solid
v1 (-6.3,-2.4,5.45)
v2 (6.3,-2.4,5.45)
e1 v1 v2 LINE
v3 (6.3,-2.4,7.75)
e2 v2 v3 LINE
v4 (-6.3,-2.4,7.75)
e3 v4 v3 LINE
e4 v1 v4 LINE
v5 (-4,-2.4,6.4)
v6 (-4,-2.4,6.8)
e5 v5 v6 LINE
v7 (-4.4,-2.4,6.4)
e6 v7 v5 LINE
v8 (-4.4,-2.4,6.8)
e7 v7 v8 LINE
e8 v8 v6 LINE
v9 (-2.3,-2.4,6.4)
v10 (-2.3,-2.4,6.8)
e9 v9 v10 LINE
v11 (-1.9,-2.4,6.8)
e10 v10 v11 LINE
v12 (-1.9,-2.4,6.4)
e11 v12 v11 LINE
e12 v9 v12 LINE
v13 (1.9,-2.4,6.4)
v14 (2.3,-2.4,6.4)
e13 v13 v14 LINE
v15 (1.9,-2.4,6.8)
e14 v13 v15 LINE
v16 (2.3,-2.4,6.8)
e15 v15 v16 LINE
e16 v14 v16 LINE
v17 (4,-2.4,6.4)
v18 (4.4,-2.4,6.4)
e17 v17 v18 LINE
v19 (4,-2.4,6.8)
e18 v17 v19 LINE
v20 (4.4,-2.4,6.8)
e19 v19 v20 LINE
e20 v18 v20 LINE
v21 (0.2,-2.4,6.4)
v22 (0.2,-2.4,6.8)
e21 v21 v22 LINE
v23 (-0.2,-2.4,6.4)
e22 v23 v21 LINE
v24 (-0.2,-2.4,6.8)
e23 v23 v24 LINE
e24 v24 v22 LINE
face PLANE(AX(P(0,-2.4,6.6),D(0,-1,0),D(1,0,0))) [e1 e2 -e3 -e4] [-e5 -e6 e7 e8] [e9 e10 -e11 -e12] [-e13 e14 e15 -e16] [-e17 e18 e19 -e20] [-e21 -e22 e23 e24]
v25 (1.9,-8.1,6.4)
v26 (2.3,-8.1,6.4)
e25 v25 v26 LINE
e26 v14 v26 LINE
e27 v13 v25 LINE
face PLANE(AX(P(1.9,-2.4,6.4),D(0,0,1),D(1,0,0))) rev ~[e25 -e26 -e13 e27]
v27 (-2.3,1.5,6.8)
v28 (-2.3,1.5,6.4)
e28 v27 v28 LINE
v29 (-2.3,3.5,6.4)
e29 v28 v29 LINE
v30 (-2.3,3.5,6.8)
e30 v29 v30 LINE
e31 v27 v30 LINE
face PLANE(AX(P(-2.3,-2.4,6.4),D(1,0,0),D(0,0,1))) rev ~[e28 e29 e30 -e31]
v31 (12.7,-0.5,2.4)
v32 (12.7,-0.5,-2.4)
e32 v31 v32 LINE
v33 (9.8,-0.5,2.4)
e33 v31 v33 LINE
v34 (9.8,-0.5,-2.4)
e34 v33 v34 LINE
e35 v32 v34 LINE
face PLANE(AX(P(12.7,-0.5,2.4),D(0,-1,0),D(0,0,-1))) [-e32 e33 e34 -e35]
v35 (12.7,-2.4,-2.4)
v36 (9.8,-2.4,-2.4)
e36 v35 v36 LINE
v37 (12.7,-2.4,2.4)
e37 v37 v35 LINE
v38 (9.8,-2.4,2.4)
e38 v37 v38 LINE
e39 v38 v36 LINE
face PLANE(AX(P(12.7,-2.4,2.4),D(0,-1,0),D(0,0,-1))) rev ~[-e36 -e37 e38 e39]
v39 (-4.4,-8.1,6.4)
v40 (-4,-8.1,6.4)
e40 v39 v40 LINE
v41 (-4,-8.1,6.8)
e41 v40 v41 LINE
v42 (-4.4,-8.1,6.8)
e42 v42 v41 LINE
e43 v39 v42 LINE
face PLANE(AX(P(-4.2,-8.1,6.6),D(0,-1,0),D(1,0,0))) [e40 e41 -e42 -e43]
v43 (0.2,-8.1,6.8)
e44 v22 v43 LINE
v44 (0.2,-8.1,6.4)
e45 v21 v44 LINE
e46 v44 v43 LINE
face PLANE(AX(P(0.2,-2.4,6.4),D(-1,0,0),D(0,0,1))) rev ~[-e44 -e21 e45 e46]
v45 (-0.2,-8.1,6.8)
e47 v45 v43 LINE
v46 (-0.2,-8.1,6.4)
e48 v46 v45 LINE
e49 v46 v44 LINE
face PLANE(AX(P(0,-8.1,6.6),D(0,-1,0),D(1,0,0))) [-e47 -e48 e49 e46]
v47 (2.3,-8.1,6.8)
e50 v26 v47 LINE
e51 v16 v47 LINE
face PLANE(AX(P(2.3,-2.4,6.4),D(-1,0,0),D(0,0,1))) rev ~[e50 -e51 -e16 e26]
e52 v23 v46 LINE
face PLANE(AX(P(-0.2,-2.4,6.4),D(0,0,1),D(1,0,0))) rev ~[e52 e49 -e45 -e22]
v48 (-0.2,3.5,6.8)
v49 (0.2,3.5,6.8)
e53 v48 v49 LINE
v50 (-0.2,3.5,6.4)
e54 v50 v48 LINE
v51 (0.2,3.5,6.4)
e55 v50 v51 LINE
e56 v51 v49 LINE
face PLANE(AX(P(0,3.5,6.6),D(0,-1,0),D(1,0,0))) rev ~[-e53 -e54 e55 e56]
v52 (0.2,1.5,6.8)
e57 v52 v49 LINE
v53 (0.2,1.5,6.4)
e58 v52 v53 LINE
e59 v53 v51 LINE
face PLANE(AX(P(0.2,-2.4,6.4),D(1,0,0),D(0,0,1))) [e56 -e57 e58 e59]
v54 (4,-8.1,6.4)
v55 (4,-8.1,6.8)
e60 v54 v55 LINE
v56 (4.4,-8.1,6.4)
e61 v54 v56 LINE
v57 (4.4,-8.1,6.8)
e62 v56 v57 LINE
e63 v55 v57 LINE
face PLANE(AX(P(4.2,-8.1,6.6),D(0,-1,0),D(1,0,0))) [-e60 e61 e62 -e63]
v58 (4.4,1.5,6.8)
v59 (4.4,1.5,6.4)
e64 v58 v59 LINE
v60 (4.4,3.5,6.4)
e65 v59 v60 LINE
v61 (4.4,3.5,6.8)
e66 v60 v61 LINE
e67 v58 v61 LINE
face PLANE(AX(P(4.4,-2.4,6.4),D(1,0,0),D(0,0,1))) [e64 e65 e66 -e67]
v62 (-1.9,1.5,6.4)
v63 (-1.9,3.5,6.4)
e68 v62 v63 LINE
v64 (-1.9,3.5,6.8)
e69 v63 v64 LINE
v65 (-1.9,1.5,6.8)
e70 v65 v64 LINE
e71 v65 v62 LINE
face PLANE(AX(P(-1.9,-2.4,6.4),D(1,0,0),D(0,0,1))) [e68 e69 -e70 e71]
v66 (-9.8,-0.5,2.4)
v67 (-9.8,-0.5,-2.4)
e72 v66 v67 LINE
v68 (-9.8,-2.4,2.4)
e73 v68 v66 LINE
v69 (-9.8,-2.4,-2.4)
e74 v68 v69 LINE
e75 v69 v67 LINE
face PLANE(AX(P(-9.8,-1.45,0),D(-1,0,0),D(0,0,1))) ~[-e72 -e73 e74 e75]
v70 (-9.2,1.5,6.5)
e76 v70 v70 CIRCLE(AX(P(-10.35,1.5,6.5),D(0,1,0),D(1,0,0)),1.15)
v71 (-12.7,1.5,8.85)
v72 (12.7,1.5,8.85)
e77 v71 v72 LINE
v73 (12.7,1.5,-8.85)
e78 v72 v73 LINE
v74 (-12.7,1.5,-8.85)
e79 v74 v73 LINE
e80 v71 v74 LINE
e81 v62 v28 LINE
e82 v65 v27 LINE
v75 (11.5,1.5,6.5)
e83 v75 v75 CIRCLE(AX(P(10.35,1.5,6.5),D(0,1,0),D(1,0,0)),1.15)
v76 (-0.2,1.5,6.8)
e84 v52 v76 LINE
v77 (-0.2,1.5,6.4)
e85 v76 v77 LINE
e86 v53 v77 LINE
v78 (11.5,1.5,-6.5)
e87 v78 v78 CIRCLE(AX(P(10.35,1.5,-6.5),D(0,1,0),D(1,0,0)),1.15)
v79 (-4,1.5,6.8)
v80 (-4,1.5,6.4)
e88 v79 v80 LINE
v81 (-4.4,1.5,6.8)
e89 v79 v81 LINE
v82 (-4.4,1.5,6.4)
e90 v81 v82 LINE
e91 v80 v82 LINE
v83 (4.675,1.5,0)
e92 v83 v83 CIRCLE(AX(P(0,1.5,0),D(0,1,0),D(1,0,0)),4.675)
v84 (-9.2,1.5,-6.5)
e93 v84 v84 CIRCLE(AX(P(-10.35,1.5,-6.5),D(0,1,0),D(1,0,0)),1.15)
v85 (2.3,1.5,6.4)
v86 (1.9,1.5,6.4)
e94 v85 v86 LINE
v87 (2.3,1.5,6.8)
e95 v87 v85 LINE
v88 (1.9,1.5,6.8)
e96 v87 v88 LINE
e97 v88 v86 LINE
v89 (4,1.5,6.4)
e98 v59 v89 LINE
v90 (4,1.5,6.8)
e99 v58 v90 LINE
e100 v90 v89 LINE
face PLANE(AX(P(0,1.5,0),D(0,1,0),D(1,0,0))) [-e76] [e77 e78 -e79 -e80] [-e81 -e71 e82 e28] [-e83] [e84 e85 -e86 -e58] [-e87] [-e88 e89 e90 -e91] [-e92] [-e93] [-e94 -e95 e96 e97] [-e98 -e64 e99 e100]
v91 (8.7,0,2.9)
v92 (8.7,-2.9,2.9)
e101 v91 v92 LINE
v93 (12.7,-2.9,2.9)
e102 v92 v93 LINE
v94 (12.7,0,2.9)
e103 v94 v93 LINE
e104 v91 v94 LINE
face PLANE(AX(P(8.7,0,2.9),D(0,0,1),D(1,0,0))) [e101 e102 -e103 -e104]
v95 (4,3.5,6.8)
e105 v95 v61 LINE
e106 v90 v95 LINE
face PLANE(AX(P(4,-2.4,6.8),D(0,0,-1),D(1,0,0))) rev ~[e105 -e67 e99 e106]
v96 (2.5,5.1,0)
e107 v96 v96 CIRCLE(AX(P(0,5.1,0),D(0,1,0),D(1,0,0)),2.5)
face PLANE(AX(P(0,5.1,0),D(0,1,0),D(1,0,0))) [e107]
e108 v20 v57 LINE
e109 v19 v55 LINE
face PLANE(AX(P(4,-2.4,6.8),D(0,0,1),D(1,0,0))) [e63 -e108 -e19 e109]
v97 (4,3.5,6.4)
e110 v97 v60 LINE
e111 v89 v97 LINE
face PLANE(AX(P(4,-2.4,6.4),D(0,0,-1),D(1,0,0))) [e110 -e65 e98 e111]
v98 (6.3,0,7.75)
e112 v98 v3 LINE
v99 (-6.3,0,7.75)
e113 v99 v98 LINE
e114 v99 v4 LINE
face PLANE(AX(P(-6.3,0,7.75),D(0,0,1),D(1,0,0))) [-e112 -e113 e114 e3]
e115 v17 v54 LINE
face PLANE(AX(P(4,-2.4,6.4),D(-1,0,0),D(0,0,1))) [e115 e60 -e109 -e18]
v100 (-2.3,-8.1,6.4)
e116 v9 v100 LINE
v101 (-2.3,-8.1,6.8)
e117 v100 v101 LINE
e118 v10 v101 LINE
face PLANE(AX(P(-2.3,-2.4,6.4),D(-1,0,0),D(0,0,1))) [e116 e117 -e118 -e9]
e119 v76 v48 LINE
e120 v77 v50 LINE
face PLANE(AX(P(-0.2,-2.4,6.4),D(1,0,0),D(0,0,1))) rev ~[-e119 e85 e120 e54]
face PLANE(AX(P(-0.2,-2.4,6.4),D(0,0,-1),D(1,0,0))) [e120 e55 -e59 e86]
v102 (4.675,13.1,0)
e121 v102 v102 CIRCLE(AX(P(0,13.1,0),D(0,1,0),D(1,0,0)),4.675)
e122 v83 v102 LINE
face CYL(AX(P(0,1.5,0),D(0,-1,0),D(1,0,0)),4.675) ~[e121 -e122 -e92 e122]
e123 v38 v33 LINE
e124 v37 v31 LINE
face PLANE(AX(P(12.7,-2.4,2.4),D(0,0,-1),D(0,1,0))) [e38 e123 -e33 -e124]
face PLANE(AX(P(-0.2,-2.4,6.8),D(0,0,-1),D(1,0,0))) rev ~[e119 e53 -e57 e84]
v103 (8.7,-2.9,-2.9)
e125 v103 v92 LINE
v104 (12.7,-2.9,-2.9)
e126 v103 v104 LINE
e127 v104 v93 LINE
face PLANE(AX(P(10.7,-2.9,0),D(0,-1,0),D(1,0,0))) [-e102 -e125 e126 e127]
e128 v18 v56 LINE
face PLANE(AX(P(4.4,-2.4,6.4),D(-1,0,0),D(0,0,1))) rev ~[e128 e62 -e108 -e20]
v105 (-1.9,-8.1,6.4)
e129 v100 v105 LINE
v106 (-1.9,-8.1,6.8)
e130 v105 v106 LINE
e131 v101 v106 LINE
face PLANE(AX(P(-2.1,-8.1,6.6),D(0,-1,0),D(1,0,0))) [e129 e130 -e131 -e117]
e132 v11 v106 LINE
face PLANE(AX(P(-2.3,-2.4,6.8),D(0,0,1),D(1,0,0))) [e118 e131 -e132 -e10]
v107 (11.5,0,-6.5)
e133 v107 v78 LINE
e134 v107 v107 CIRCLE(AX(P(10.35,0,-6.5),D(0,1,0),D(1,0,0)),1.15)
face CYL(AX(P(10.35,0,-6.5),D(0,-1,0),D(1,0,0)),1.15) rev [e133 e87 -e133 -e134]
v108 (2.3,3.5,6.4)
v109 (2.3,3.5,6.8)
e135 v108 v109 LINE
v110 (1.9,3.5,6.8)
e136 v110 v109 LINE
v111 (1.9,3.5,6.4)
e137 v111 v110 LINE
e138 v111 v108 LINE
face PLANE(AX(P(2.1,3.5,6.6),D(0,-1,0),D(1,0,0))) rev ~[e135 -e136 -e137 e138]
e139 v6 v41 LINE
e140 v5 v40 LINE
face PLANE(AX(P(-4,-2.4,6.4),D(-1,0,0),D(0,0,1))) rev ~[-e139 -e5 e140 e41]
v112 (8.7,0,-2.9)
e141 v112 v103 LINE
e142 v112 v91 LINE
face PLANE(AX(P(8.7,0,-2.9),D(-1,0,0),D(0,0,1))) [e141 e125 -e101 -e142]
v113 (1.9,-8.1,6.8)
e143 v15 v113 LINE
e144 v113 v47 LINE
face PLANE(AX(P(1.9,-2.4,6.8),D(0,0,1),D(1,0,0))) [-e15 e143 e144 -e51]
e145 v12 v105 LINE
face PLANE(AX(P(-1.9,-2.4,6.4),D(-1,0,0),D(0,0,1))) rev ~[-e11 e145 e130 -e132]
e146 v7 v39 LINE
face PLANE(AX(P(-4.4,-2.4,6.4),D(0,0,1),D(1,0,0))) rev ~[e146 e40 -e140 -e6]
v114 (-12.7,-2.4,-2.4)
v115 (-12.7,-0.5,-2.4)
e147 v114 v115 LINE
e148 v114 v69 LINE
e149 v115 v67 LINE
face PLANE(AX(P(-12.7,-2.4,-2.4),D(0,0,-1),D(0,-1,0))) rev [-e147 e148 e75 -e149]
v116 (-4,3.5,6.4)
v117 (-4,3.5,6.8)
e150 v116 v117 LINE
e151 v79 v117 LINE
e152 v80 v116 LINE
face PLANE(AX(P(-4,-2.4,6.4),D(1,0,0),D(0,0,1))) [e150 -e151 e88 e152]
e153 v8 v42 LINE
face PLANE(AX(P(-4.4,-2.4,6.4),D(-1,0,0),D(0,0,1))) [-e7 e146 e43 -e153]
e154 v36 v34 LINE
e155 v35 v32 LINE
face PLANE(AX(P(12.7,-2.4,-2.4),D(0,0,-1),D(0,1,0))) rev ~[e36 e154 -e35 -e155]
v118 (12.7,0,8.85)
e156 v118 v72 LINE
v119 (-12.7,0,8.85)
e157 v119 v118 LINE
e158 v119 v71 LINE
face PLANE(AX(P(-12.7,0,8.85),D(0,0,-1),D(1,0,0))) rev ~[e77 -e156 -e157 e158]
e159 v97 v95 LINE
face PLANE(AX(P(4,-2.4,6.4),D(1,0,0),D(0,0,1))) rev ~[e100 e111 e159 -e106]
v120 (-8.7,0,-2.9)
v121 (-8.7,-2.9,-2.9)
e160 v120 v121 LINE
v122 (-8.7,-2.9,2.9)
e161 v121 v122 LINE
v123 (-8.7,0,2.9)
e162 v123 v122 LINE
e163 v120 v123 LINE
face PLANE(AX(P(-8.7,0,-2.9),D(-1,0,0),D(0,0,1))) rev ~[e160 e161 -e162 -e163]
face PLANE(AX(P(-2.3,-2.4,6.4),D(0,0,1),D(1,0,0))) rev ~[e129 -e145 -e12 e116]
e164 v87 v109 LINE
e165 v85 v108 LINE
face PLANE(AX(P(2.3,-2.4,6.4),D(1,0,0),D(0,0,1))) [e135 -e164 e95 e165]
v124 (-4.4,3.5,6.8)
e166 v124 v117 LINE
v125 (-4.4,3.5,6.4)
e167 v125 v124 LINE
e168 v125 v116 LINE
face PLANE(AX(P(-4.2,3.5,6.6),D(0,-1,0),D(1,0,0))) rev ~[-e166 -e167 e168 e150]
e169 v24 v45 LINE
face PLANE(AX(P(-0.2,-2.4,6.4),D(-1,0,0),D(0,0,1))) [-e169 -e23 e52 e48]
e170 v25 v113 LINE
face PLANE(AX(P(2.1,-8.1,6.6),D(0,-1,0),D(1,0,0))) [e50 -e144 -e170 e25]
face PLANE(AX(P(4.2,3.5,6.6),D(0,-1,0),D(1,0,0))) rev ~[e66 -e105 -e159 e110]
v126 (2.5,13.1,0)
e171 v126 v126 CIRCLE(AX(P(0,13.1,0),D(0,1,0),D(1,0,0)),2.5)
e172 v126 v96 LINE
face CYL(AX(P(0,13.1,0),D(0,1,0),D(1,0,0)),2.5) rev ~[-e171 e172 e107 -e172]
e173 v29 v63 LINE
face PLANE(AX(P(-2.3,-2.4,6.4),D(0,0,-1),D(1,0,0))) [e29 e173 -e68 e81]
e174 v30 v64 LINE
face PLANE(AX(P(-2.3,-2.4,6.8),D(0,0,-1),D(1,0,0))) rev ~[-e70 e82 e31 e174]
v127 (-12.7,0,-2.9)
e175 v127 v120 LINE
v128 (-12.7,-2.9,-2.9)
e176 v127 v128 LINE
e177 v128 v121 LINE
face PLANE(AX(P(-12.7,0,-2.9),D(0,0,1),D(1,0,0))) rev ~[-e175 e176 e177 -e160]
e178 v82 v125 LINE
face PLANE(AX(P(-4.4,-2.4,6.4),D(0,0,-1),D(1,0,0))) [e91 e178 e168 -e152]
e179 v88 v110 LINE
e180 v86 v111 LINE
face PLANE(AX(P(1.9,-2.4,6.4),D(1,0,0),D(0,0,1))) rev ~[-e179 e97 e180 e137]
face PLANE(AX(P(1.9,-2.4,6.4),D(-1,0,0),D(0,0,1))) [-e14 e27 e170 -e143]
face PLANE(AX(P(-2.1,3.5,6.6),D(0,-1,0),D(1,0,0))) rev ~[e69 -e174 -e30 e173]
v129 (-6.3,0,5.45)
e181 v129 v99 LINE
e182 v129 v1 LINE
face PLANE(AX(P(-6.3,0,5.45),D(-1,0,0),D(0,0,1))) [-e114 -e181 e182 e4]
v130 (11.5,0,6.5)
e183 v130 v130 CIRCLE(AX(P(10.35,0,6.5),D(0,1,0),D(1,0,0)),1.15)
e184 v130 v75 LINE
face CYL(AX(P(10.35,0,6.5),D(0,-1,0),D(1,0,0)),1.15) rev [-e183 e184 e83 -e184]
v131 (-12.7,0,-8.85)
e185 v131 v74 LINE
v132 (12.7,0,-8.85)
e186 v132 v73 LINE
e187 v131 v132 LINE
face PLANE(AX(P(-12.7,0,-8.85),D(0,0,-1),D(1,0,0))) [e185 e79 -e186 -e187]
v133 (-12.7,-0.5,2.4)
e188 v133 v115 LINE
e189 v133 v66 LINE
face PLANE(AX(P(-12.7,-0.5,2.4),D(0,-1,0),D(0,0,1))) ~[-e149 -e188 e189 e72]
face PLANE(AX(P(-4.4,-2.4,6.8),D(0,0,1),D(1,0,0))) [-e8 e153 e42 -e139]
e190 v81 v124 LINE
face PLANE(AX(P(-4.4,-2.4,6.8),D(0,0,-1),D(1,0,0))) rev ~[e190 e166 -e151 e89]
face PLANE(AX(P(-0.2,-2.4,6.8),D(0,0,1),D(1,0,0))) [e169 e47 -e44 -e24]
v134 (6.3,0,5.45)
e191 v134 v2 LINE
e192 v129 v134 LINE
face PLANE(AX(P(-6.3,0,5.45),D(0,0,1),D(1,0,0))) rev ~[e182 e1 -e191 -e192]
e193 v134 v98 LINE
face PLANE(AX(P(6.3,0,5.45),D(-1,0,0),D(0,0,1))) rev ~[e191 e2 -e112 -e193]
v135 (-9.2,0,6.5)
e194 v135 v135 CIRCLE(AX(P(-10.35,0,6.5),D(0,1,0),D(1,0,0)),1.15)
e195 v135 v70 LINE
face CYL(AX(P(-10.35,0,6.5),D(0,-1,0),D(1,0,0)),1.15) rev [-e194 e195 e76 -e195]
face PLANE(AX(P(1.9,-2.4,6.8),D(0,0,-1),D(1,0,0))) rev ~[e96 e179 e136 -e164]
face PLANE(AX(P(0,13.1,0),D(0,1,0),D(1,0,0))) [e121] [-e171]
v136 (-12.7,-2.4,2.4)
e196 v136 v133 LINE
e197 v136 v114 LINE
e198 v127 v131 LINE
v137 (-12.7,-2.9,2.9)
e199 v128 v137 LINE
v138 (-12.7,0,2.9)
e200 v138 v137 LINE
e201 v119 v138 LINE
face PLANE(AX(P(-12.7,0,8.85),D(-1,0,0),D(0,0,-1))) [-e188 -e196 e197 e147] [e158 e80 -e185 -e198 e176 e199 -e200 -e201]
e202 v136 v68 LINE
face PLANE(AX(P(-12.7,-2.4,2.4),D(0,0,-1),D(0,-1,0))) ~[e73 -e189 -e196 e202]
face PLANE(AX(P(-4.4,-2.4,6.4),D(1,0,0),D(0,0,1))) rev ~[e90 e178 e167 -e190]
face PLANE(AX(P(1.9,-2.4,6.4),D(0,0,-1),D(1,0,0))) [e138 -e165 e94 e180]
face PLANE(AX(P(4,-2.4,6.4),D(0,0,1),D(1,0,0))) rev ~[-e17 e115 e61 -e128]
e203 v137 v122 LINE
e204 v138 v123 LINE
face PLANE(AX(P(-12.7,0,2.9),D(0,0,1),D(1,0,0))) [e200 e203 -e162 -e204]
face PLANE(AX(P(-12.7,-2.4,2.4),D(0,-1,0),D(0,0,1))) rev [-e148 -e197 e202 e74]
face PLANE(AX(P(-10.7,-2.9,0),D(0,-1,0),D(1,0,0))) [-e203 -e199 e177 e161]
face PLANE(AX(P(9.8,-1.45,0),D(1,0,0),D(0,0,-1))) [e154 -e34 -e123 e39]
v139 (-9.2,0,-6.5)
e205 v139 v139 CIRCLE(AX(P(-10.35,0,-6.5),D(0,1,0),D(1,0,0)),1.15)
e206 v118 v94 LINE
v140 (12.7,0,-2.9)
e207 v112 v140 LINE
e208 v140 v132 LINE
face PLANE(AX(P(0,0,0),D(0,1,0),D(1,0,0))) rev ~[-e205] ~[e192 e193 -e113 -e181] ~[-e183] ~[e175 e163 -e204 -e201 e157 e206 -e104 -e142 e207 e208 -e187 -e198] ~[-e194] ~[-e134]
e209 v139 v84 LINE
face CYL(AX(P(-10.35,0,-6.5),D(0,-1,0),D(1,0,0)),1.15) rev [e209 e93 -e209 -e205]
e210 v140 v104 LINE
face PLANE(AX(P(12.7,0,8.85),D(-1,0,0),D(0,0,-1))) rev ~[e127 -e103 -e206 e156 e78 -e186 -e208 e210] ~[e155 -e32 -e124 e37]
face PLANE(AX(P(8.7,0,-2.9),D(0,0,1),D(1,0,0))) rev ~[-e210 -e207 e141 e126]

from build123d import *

# Parameters (mm, degrees)
SKETCH1_W                = 25.4
SKETCH1_H                = 17.7
SKETCH1_R                = 1.15
BOSS_EXTRUDE1_DEPTH      = 1.5
SKETCH2_R                = 4.675
BOSS_EXTRUDE2_DEPTH      = 11.6
SKETCH3_R                = 2.5
CUT_EXTRUDE1_DEPTH       = 8
SKETCH4_W                = 4
SKETCH4_H                = 5.8
BOSS_EXTRUDE3_DEPTH      = 2.9
SKETCH5_W                = 4.8
SKETCH5_H                = 1.9
CUT_EXTRUDE2_DEPTH       = 2.9
SKETCH6_W                = 12.6
SKETCH6_H                = 2.3
BOSS_EXTRUDE4_DEPTH      = 2.4
SKETCH7_W                = 0.4
SKETCH7_H                = 0.4
BOSS_EXTRUDE5_DEPTH      = 5.7
BOSS_EXTRUDE5_DEPTH_BACK = 5.9


with BuildPart() as part:
    # Sketch1 → Boss-Extrude1 (new body)
    with BuildSketch(Plane(origin=(0, 0, 0), x_dir=(1, 0, 0), z_dir=(0, 1, 0))):
        Rectangle(SKETCH1_W, SKETCH1_H)
        with Locations((10.35, 6.5)):
            Circle(SKETCH1_R, mode=Mode.SUBTRACT)
        with Locations((10.35, -6.5)):
            Circle(SKETCH1_R, mode=Mode.SUBTRACT)
        with Locations((-10.35, -6.5)):
            Circle(SKETCH1_R, mode=Mode.SUBTRACT)
        with Locations((-10.35, 6.5)):
            Circle(SKETCH1_R, mode=Mode.SUBTRACT)
    extrude(amount=BOSS_EXTRUDE1_DEPTH)

    # Sketch2 → Boss-Extrude2 (add)
    with BuildSketch(Plane(origin=(0, 1.5, 0), x_dir=(1, 0, 0), z_dir=(0, 1, 0))):
        Circle(SKETCH2_R)
    extrude(amount=BOSS_EXTRUDE2_DEPTH)

    # Sketch3 → Cut-Extrude1 (cut)
    with BuildSketch(Plane(origin=(0, 13.1, 0), x_dir=(1, 0, 0), z_dir=(0, 1, 0))):
        Circle(SKETCH3_R)
    extrude(amount=-CUT_EXTRUDE1_DEPTH, mode=Mode.SUBTRACT)

    # Sketch4 → Boss-Extrude3 (add)
    with BuildSketch(Plane.XZ):
        with Locations((10.7, 0)):
            Rectangle(SKETCH4_W, SKETCH4_H)
        with Locations((-10.7, 0)):
            Rectangle(SKETCH4_W, SKETCH4_H)
    extrude(amount=BOSS_EXTRUDE3_DEPTH)

    # Sketch5 → Cut-Extrude2 (cut)
    with BuildSketch(Plane(origin=(12.7, 0, 0), x_dir=(0, 0, -1), z_dir=(1, 0, 0))):
        with Locations((0, -1.45)):
            Rectangle(SKETCH5_W, SKETCH5_H)
    cut_extrude2 = extrude(amount=-CUT_EXTRUDE2_DEPTH, mode=Mode.SUBTRACT)

    # Mirror1: Cut-Extrude2 across plane
    add(cut_extrude2.mirror(Plane(origin=(0, 0, 0), x_dir=(0, 0, 1), z_dir=(1, 0, 0))), mode=Mode.SUBTRACT)

    # Sketch6 → Boss-Extrude4 (add)
    with BuildSketch(Plane.XZ):
        with Locations((0, 6.6)):
            Rectangle(SKETCH6_W, SKETCH6_H)
    extrude(amount=BOSS_EXTRUDE4_DEPTH)

    # Sketch7 → Boss-Extrude5 (add, two sides)
    with BuildSketch(Plane.XZ.offset(2.4)) as boss_extrude5_sk:
        with Locations((-4.2, 6.6)):
            Rectangle(SKETCH7_W, SKETCH7_H)
        with Locations((-2.1, 6.6)):
            Rectangle(SKETCH7_W, SKETCH7_H)
        with Locations((0, 6.6)):
            Rectangle(SKETCH7_W, SKETCH7_H)
        with Locations((2.1, 6.6)):
            Rectangle(SKETCH7_W, SKETCH7_H)
        with Locations((4.2, 6.6)):
            Rectangle(SKETCH7_W, SKETCH7_H)
    extrude(amount=BOSS_EXTRUDE5_DEPTH)
    extrude(boss_extrude5_sk.sketch, amount=-BOSS_EXTRUDE5_DEPTH_BACK)


solid = part.part
